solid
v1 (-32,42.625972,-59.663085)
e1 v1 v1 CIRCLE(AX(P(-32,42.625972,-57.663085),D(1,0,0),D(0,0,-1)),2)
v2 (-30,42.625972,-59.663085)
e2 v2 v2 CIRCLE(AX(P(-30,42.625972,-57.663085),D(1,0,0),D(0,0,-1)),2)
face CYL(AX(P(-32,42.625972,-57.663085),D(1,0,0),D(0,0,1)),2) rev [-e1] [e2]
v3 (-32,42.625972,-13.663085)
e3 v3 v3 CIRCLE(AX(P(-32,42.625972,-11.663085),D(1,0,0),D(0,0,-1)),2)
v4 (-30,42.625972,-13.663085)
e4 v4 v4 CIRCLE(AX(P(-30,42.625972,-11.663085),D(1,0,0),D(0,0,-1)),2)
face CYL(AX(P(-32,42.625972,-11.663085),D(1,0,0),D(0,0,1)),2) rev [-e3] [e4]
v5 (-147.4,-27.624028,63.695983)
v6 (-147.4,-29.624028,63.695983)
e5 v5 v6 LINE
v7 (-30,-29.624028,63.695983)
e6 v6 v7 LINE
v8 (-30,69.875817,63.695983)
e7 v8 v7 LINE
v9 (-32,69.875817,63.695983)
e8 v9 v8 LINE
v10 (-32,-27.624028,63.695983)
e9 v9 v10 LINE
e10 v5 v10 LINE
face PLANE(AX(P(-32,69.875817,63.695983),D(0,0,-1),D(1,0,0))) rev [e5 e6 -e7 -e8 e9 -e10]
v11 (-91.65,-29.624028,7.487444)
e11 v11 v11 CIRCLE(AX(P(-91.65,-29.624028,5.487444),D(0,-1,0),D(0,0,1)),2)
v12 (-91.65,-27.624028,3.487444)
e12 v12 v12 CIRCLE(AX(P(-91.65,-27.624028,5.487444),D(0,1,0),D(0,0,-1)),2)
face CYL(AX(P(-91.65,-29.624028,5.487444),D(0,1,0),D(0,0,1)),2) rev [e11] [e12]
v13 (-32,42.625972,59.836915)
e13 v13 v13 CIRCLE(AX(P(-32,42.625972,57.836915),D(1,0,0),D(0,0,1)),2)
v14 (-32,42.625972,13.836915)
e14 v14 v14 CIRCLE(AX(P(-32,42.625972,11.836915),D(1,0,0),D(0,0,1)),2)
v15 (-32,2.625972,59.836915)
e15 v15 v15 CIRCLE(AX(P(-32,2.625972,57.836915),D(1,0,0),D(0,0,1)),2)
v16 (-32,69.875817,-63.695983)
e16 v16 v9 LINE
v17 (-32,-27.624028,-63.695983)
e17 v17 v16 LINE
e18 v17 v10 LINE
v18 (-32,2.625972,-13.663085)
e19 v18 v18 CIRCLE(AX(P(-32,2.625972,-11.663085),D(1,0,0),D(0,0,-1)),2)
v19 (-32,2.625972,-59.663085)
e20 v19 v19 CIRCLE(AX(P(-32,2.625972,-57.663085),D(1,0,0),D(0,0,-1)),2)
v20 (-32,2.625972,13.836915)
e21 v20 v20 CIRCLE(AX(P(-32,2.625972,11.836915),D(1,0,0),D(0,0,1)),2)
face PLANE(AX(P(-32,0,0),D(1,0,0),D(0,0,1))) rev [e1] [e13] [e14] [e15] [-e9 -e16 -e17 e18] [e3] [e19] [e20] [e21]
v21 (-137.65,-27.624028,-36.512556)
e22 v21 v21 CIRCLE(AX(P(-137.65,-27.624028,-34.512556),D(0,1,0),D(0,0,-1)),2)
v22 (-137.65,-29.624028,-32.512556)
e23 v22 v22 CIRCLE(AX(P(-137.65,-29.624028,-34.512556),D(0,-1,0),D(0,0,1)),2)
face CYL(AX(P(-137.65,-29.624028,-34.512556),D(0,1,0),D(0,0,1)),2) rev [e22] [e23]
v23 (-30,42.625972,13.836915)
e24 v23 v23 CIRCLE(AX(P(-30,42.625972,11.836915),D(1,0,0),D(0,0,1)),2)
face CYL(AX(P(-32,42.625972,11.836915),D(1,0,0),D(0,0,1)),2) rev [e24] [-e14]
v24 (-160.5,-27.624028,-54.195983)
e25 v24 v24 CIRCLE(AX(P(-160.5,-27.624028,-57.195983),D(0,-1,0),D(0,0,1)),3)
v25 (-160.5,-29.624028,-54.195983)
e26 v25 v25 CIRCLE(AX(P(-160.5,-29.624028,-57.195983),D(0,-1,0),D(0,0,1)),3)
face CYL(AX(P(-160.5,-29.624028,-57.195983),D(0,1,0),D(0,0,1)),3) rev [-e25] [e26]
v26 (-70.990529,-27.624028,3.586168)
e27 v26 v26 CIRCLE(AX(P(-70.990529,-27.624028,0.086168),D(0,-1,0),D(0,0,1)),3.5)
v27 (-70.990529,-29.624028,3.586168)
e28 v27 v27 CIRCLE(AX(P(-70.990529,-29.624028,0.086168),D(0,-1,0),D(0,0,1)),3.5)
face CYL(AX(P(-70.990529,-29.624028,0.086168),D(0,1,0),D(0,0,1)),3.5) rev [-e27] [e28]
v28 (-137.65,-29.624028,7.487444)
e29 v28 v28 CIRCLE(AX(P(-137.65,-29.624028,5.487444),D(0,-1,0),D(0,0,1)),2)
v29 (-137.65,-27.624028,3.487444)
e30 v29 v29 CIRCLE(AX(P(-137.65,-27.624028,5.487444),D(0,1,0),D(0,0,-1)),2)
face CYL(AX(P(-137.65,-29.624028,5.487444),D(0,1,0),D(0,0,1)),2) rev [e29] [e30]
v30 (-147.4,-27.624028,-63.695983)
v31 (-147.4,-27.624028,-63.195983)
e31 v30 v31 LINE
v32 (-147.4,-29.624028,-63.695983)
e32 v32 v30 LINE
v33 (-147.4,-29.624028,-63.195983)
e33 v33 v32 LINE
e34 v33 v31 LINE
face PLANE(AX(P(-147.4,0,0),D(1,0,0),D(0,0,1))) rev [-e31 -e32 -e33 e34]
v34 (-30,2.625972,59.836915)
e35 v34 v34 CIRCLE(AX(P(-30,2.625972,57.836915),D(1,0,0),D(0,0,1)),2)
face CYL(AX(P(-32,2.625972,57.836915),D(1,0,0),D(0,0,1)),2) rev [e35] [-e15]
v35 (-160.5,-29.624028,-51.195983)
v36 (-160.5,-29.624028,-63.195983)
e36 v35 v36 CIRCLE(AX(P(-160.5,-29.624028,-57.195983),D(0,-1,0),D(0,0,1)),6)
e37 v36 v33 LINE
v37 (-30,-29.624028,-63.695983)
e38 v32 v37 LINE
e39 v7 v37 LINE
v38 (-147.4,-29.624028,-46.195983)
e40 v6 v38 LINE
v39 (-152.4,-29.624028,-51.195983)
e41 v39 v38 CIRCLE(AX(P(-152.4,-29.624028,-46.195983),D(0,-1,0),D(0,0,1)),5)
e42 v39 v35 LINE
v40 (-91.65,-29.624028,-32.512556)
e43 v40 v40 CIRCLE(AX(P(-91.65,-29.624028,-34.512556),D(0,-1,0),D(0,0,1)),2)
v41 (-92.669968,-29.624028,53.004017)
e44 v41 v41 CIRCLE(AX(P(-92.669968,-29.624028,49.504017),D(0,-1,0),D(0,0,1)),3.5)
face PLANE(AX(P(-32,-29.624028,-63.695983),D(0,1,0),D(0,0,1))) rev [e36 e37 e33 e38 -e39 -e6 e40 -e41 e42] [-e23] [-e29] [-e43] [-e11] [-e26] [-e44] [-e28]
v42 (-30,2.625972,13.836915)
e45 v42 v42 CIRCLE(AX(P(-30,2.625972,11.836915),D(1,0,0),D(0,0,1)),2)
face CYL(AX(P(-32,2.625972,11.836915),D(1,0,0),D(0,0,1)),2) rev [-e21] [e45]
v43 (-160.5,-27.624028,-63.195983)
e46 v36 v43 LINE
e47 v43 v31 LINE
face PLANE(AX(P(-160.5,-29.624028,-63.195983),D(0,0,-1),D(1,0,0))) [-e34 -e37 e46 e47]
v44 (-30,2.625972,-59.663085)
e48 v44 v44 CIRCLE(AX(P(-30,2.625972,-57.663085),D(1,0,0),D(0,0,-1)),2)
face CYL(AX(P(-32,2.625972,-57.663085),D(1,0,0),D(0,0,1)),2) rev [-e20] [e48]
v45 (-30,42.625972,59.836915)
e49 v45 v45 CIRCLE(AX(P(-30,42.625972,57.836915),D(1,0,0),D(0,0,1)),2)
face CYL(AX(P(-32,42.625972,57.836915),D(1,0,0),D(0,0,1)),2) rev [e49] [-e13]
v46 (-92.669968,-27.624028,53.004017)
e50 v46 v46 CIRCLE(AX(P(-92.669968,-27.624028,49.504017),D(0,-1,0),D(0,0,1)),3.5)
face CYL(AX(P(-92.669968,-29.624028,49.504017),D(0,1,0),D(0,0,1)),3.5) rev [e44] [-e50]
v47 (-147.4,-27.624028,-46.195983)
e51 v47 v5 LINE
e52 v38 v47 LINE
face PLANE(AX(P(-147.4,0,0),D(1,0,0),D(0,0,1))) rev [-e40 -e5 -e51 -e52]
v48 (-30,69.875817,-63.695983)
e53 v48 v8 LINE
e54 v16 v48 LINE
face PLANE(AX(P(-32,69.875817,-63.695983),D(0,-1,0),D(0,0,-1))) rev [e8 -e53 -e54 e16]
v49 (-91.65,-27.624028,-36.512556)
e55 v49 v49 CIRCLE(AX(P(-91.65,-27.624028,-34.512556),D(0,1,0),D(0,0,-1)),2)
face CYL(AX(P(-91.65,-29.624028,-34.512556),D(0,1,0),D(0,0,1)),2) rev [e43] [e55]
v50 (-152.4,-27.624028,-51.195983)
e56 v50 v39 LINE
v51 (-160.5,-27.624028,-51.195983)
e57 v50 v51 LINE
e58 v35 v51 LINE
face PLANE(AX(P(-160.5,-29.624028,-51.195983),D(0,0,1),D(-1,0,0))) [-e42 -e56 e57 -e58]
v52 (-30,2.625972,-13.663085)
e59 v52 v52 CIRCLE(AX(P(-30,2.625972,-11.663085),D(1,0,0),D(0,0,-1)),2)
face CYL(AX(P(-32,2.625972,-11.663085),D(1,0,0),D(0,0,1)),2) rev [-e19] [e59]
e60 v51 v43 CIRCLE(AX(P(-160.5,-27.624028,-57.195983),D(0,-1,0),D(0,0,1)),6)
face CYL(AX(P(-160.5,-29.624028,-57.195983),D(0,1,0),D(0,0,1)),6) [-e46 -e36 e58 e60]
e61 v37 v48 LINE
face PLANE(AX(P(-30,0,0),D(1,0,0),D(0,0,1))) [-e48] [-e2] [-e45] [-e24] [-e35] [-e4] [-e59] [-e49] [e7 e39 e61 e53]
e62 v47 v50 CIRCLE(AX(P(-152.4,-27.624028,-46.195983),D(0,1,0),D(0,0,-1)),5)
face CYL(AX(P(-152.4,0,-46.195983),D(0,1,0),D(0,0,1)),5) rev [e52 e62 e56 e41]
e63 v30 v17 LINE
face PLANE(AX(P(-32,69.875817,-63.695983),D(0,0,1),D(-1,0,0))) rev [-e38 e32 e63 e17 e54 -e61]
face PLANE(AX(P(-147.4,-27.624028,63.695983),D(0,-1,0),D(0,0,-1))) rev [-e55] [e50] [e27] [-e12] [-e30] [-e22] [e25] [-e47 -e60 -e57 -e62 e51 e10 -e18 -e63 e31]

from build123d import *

# Parameters (mm, degrees)
SKETCH_1_W          = 127.39196645
SKETCH_1_H          = 99.499845157
SKETCH_1_R          = 2
EXTRUDE_1_DEPTH     = 2
SKETCH_2_W          = 127.39196645
SKETCH_2_H          = 2
EXTRUDE_2_DEPTH     = 115.4
SKETCH_4_R          = 2
CUT_EXTRUDE_1_DEPTH = 144.079097981
SKETCH_6_R          = 3.5
CUT_EXTRUDE_2_DEPTH = 166.366738145
SKETCH_7_R          = 3
EXTRUDE_3_DEPTH     = 2
FILLET_1_R          = 5
SKETCH_8_W          = 161.877108061
SKETCH_8_H          = 133.071465469
CUT_EXTRUDE_3_DEPTH = 179.583476668


with BuildPart() as part:
    # Эскиз1 → Бобышка-Вытянуть1 (new body)
    with BuildSketch(Plane(origin=(0, 0, 0), x_dir=(0, 0, -1), z_dir=(1, 0, 0))):
        with Locations((0, 20.12589484)):
            Rectangle(SKETCH_1_W, SKETCH_1_H)
        with Locations((11.663084527, 42.625972261)):
            Circle(SKETCH_1_R, mode=Mode.SUBTRACT)
        with Locations((57.663084527, 42.625972261)):
            Circle(SKETCH_1_R, mode=Mode.SUBTRACT)
        with Locations((57.663084527, 2.625972261)):
            Circle(SKETCH_1_R, mode=Mode.SUBTRACT)
        with Locations((11.663084527, 2.625972261)):
            Circle(SKETCH_1_R, mode=Mode.SUBTRACT)
        with Locations(Location((-11.836915473, 2.625972261, 0), (0, 0, 180))):
            Circle(SKETCH_1_R, mode=Mode.SUBTRACT)
        with Locations(Location((-57.836915473, 2.625972261, 0), (0, 0, 180))):
            Circle(SKETCH_1_R, mode=Mode.SUBTRACT)
        with Locations(Location((-57.836915473, 42.625972261, 0), (0, 0, 180))):
            Circle(SKETCH_1_R, mode=Mode.SUBTRACT)
        with Locations(Location((-11.836915473, 42.625972261, 0), (0, 0, 180))):
            Circle(SKETCH_1_R, mode=Mode.SUBTRACT)
    extrude(amount=EXTRUDE_1_DEPTH)

    # Эскиз2 → Бобышка-Вытянуть2 (add)
    with BuildSketch(Plane(origin=(2, 0, 0), x_dir=(0, 0, -1), z_dir=(1, 0, 0))):
        with Locations((0, -28.624027739)):
            Rectangle(SKETCH_2_W, SKETCH_2_H)
    extrude(amount=EXTRUDE_2_DEPTH)

    # Эскиз4 → Вырез-Вытянуть1 (cut, through all)
    with BuildSketch(Plane(origin=(0, 21.675972261, 0), x_dir=(1, 0, 0), z_dir=(0, 1, 0))):
        with Locations(Location((61.65, 34.512555998, 0), (0, 0, 270))):
            Circle(SKETCH_4_R)
        with Locations(Location((61.65, -5.487444002, 0), (0, 0, 270))):
            Circle(SKETCH_4_R)
        with Locations(Location((107.65, -5.487444002, 0), (0, 0, 270))):
            Circle(SKETCH_4_R)
        with Locations(Location((107.65, 34.512555998, 0), (0, 0, 270))):
            Circle(SKETCH_4_R)
    extrude(amount=-CUT_EXTRUDE_1_DEPTH, mode=Mode.SUBTRACT)

    # Эскиз6 → Вырез-Вытянуть2 (cut, through all)
    with BuildSketch(Plane(origin=(0, -27.624027739, 0), x_dir=(1, 0, 0), z_dir=(0, 1, 0))):
        with Locations(Location((62.669967975, -49.504016775, 0), (0, 0, 270))):
            Circle(SKETCH_6_R)
        with Locations(Location((40.99052879, -0.086168012, 0), (0, 0, 270))):
            Circle(SKETCH_6_R)
    extrude(amount=-CUT_EXTRUDE_2_DEPTH, mode=Mode.SUBTRACT)

    # Эскиз7 → Бобышка-Вытянуть3 (add)
    with BuildSketch(Plane(origin=(0, -27.624027739, 0), x_dir=(1, 0, 0), z_dir=(0, 1, 0))):
        with BuildLine():
            Line((130.5, 51.195983225), (117.4, 51.195983225))
            Line((117.4, 51.195983225), (117.4, 63.195983225))
            Line((117.4, 63.195983225), (130.5, 63.195983225))
            ThreePointArc((130.5, 63.195983225), (136.5, 57.195983225), (130.5, 51.195983225))
        make_face()
        with Locations(Location((130.5, 57.195983225, 0), (0, 0, 270))):
            Circle(SKETCH_7_R, mode=Mode.SUBTRACT)
    extrude(amount=-EXTRUDE_3_DEPTH)

    # Скругление1
    fillet_1_edges = [part.edges().sort_by_distance(p)[0] for p in [
        (117.4, -28.624027739, -51.195983225),
    ]]
    fillet(fillet_1_edges, radius=FILLET_1_R)


with BuildPart() as body_2:
    # Зеркальное отражение1: mirrored copy
    add(part.part.mirror(Plane.ZY.offset(15)))


with BuildPart() as part_1:
    add(part.part)

    # Эскиз8 → Вырез-Вытянуть3 (cut, through all)
    with BuildSketch(Plane.ZY.offset(15)):
        with Locations((1.413773869, 20.567699173)):
            Rectangle(SKETCH_8_W, SKETCH_8_H)
    extrude(amount=-CUT_EXTRUDE_3_DEPTH, mode=Mode.SUBTRACT)


solid = body_2.part
